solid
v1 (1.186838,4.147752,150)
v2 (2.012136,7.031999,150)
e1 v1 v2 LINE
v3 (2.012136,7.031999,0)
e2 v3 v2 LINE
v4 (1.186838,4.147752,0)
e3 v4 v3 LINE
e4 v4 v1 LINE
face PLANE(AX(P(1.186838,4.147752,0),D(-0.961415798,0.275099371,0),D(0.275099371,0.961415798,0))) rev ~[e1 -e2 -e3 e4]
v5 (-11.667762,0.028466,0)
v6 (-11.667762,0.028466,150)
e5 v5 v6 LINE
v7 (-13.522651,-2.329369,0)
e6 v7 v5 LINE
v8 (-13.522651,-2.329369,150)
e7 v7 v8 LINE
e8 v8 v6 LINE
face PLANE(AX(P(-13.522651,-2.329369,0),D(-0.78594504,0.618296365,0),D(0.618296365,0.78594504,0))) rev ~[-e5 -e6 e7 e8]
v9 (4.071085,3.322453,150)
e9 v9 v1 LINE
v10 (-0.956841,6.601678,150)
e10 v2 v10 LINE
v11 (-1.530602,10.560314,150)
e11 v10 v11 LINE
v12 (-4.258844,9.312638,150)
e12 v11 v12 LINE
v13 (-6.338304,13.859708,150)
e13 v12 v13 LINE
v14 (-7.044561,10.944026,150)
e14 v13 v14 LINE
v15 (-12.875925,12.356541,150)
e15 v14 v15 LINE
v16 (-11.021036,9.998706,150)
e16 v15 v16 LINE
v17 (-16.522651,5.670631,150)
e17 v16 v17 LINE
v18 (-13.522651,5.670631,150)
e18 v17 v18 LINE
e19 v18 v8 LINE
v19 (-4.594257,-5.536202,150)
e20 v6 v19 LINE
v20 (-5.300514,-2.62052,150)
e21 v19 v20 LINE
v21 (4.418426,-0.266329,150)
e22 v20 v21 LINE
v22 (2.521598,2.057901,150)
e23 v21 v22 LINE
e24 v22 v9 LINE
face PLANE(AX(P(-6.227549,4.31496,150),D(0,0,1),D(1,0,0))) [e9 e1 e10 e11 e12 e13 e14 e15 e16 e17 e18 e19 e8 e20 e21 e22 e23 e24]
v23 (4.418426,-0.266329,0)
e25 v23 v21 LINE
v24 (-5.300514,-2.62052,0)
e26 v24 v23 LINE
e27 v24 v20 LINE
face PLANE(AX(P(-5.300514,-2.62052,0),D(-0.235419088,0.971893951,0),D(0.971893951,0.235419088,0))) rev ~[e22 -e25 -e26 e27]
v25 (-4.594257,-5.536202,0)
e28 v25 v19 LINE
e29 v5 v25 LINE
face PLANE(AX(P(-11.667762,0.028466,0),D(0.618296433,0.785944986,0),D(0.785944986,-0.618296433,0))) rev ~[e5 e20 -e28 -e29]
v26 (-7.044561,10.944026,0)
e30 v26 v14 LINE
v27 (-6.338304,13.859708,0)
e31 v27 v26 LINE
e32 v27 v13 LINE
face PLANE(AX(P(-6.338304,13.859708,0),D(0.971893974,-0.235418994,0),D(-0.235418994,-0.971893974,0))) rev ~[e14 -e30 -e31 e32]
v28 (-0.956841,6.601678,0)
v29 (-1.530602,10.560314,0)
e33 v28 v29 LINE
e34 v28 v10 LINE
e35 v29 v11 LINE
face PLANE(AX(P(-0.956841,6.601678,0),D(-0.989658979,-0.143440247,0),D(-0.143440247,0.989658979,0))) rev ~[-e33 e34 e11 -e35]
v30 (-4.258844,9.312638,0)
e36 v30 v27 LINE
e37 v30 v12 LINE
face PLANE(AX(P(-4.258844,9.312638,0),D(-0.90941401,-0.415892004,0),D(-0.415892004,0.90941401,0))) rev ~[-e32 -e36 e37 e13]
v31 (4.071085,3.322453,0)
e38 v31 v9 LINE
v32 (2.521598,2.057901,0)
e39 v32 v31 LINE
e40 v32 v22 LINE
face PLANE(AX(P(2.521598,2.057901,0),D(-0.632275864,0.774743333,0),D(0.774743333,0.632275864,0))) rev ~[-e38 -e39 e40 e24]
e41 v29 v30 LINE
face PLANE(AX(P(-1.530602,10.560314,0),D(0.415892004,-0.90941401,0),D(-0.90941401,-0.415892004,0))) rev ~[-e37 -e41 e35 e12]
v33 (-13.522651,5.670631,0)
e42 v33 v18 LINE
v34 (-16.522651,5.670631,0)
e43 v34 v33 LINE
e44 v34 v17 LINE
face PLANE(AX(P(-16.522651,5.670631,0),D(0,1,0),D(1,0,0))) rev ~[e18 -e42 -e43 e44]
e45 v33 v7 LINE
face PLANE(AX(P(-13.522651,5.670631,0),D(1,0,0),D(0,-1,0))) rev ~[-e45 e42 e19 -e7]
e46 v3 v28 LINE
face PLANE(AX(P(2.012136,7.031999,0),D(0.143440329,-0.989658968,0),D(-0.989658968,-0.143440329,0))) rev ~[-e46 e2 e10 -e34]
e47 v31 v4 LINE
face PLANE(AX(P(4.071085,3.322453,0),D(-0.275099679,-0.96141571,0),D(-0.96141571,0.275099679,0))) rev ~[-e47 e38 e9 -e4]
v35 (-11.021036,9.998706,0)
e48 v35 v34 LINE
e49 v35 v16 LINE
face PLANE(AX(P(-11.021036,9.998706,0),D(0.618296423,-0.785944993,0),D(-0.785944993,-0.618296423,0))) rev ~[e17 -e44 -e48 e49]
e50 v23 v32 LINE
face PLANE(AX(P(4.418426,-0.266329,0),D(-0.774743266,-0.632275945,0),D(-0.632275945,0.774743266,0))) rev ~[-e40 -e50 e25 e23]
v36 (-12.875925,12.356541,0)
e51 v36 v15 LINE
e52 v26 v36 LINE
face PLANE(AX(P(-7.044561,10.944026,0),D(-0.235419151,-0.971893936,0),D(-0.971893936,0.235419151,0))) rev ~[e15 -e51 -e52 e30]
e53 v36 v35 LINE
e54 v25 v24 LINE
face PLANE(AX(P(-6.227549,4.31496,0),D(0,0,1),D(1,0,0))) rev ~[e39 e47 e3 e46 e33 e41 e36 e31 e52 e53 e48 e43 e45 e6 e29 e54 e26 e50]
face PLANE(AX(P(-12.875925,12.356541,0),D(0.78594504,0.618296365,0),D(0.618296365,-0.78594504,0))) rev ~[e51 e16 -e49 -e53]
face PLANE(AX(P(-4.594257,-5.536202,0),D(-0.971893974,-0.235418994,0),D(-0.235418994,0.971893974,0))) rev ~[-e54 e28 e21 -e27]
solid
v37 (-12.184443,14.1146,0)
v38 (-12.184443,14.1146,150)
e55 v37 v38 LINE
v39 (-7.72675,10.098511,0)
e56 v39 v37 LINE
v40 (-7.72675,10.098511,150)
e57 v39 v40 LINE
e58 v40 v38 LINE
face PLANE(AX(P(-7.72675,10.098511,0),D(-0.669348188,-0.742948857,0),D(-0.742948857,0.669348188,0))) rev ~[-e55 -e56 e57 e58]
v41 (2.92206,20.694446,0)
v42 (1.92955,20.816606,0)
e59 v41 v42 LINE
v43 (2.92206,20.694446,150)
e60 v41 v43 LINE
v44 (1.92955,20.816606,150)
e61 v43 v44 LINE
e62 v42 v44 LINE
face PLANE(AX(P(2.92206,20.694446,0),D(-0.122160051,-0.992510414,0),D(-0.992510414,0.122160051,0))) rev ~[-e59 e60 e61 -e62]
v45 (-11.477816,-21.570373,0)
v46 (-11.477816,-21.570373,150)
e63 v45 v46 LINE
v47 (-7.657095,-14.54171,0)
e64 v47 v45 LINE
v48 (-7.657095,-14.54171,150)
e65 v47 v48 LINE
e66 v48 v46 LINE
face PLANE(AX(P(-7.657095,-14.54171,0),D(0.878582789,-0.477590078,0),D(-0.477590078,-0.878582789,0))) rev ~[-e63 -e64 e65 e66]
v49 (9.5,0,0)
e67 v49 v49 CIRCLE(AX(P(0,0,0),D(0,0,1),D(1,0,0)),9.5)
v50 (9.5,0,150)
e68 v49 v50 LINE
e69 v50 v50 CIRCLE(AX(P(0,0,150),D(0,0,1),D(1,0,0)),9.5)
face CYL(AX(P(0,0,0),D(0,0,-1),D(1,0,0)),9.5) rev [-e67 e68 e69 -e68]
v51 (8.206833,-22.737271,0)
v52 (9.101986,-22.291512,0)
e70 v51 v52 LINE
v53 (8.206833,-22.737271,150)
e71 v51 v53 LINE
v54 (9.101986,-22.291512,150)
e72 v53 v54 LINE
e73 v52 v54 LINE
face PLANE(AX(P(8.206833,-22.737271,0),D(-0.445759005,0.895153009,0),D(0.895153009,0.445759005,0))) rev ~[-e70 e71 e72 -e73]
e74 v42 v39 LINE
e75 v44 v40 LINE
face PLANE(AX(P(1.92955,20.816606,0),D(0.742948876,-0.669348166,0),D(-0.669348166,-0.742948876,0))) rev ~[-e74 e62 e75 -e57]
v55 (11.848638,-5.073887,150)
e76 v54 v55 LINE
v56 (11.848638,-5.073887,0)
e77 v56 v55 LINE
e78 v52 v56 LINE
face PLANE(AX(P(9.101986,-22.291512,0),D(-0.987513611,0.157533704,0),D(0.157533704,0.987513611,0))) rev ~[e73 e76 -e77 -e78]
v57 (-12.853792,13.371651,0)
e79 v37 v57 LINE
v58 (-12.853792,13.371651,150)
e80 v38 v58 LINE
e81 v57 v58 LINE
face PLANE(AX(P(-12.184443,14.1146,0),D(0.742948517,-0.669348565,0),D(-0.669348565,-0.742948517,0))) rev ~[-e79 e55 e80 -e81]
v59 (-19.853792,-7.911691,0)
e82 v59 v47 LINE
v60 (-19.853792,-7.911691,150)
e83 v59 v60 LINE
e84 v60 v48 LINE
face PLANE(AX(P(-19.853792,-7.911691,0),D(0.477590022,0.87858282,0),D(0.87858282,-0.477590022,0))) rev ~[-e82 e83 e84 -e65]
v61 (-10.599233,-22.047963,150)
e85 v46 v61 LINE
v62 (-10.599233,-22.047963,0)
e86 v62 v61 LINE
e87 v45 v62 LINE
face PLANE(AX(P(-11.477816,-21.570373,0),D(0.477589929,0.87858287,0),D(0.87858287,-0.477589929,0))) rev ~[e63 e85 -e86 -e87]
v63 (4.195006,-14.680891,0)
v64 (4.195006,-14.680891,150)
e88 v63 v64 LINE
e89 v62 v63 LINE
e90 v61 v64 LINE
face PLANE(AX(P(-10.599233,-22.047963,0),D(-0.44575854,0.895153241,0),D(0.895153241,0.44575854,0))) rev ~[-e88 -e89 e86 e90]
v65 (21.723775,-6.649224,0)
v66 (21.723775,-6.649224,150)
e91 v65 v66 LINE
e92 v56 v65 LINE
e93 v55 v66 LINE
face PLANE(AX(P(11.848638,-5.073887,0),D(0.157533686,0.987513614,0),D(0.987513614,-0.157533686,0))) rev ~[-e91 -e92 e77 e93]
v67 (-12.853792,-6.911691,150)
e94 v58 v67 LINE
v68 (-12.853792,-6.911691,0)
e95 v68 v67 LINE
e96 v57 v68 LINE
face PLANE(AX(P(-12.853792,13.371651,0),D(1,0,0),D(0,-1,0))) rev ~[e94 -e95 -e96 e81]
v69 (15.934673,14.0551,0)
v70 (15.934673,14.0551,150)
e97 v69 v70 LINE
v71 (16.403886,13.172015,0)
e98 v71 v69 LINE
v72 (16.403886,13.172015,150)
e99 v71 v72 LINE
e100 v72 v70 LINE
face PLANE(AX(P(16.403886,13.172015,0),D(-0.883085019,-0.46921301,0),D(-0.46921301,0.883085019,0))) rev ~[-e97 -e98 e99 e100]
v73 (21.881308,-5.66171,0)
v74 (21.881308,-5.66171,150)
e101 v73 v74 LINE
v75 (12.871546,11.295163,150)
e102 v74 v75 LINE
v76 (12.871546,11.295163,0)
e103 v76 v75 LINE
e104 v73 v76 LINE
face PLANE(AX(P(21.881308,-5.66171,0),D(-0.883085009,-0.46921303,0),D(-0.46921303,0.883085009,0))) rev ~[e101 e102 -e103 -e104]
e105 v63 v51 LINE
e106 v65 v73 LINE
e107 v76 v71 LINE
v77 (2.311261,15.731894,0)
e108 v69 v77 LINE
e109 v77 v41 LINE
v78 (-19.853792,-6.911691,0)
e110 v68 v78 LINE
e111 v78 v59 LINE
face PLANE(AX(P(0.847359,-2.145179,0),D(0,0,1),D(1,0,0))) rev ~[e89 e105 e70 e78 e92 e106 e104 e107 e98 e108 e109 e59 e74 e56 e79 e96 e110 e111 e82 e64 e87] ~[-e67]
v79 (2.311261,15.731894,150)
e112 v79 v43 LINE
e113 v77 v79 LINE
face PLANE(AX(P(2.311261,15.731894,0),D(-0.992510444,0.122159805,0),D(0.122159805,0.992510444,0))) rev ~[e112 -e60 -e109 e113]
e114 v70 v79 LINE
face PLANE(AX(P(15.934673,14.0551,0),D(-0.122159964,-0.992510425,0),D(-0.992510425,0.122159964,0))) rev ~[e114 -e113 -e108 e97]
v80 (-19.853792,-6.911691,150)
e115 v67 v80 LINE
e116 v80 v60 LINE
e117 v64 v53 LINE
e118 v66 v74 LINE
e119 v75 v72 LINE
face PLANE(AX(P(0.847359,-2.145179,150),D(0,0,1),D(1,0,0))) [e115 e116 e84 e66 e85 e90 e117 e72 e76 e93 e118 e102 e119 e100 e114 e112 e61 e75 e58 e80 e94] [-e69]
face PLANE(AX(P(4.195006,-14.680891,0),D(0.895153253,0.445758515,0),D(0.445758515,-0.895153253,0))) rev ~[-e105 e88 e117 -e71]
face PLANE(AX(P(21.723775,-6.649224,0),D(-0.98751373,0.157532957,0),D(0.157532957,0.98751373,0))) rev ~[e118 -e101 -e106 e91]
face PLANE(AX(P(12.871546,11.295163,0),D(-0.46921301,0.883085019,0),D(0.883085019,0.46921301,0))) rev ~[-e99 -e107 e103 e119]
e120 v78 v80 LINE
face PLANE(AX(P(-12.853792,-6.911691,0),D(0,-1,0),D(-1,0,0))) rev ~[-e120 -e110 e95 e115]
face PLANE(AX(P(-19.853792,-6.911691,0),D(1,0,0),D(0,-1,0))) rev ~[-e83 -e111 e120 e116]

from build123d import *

# Parameters (mm, degrees)
PAD_DEPTH    = 150
SKETCH001_R  = 9.5
PAD001_DEPTH = 150


with BuildPart() as body:
    # Sketch (on XY_Plane of Origin) → Pad (new body)
    with BuildSketch(Plane.XY):
        Polygon((2.521598, 2.057901), (4.071085, 3.322453), (1.186838, 4.147752), (2.012136, 7.031999), (-0.956841, 6.601678), (-1.530602, 10.560314), (-4.258844, 9.312638), (-6.338304, 13.859708), (-7.044561, 10.944026), (-12.875925, 12.356541), (-11.021036, 9.998706), (-16.522651, 5.670631), (-13.522651, 5.670631), (-13.522651, -2.329369), (-11.667762, 0.028466), (-4.594257, -5.536202), (-5.300514, -2.62052), (4.418426, -0.266329), align=None)
    extrude(amount=PAD_DEPTH)


with BuildPart() as corps:
    # Sketch001 (on XY_Plane001 of Origin002) → Pad001 (new body)
    with BuildSketch(Plane.XY):
        Polygon((12.871546, 11.295163), (16.403886, 13.172015), (15.934673, 14.0551), (2.311261, 15.731894), (2.92206, 20.694446), (1.92955, 20.816606), (-7.72675, 10.098511), (-12.184443, 14.1146), (-12.853792, 13.371651), (-12.853792, -6.911691), (-19.853792, -6.911691), (-19.853792, -7.911691), (-7.657095, -14.54171), (-11.477816, -21.570373), (-10.599233, -22.047963), (4.195006, -14.680891), (8.206833, -22.737271), (9.101986, -22.291512), (11.848638, -5.073887), (21.723775, -6.649224), (21.881308, -5.66171), align=None)
        Circle(SKETCH001_R, mode=Mode.SUBTRACT)
    extrude(amount=PAD001_DEPTH)


solid = Compound([body.part, corps.part])
